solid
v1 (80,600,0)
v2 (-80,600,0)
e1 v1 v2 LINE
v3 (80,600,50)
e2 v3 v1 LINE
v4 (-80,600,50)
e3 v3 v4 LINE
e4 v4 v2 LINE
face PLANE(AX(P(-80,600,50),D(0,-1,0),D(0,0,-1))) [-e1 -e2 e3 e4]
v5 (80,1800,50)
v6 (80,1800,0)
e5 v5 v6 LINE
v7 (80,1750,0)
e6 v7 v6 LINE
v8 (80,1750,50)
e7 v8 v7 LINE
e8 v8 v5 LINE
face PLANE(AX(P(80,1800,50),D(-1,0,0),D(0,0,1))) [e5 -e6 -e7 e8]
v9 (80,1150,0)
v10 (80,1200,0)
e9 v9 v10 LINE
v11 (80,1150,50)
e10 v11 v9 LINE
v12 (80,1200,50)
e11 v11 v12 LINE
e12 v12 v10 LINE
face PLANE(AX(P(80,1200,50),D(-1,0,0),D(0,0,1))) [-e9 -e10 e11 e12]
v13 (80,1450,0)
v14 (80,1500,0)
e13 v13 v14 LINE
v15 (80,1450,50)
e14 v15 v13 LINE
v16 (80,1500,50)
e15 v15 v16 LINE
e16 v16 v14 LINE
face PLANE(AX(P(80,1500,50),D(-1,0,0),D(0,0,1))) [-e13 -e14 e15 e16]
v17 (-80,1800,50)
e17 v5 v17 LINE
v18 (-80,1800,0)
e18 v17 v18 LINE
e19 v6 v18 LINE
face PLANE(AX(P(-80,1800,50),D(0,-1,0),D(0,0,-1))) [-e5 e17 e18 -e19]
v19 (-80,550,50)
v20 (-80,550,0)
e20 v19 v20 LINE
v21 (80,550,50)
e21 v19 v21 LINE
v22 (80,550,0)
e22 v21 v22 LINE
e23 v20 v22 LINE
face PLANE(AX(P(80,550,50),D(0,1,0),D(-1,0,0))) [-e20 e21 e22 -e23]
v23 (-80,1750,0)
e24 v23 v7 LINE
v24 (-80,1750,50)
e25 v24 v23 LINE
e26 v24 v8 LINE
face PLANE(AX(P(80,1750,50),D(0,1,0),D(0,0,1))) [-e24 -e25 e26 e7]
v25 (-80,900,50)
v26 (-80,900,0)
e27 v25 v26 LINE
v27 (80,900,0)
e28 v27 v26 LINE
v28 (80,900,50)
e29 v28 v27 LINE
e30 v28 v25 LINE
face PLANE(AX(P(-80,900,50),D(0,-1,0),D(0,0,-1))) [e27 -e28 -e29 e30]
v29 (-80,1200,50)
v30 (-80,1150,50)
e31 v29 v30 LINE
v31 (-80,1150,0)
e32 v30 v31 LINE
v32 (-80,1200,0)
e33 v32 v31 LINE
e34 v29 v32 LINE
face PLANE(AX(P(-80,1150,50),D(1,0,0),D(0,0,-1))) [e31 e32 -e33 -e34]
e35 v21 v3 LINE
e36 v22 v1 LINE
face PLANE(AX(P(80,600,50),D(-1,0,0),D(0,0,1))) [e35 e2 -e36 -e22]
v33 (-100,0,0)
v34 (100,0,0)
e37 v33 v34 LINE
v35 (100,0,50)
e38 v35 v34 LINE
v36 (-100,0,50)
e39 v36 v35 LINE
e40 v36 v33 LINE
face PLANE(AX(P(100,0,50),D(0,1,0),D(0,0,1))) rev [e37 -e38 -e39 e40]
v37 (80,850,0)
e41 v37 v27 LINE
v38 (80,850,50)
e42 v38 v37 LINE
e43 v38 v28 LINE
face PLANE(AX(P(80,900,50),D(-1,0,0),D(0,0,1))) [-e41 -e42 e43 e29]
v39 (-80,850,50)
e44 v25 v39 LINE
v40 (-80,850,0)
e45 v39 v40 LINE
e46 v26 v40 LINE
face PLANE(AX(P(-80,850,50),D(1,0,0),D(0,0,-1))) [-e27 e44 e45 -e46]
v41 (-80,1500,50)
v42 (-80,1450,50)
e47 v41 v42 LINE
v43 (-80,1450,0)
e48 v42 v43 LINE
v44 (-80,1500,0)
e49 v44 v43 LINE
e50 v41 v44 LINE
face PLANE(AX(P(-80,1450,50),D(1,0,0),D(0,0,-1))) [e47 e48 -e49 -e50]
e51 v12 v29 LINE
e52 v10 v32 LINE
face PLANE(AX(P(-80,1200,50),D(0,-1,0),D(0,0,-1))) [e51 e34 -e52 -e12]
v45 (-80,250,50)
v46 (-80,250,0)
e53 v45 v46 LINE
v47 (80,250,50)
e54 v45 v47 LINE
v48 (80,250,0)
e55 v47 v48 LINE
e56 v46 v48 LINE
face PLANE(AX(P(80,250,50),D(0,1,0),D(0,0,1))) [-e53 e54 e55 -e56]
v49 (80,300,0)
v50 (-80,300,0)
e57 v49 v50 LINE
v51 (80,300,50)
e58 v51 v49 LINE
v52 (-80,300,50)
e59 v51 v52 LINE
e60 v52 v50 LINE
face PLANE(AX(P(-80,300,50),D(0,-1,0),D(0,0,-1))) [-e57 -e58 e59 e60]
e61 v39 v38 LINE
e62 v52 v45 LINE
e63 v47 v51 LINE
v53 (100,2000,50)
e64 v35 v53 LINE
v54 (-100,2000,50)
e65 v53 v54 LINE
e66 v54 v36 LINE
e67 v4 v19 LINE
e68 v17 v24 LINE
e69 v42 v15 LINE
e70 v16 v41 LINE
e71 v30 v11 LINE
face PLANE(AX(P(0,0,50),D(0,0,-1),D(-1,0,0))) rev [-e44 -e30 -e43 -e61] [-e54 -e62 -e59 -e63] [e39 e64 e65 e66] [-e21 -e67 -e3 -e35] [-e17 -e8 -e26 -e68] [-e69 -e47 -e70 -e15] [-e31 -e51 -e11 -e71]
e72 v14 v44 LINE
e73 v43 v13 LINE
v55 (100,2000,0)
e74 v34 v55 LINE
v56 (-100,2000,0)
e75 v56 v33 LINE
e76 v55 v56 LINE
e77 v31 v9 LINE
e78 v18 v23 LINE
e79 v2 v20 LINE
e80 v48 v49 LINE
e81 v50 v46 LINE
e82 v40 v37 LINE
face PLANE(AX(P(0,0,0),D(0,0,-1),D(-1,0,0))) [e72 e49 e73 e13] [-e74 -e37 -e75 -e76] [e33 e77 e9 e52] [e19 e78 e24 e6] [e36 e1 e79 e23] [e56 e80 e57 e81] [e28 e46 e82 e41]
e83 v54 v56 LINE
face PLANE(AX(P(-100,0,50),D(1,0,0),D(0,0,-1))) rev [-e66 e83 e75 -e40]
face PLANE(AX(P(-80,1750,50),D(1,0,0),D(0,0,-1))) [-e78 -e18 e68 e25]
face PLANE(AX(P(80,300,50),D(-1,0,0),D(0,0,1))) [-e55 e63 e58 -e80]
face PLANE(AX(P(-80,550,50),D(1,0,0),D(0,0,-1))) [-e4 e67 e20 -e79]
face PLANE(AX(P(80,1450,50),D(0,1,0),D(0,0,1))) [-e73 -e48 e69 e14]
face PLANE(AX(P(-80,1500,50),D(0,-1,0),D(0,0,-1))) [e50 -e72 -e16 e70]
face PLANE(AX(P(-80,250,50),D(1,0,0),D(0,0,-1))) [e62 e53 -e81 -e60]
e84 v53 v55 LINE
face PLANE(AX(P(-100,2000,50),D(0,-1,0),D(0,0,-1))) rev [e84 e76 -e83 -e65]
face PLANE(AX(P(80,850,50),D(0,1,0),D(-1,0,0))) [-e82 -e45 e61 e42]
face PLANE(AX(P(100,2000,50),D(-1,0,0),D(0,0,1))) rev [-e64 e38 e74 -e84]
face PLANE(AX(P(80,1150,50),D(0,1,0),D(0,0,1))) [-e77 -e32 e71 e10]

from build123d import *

# Parameters (mm, degrees)
SKETCH_1_W      = 200
SKETCH_1_H      = 2000
SKETCH_1_W_2    = 160
SKETCH_1_H_2    = 50
EXTRUDE_1_DEPTH = 50


with BuildPart() as part:
    # 草图1 → 凸台-拉伸1 (new body)
    with BuildSketch(Plane.XY):
        with Locations((0, 1000)):
            Rectangle(SKETCH_1_W, SKETCH_1_H)
        with Locations((0, 275)):
            Rectangle(SKETCH_1_W_2, SKETCH_1_H_2, mode=Mode.SUBTRACT)
        with Locations((0, 575)):
            Rectangle(SKETCH_1_W_2, SKETCH_1_H_2, mode=Mode.SUBTRACT)
        with Locations((0, 875)):
            Rectangle(SKETCH_1_W_2, SKETCH_1_H_2, mode=Mode.SUBTRACT)
        with Locations((0, 1175)):
            Rectangle(SKETCH_1_W_2, SKETCH_1_H_2, mode=Mode.SUBTRACT)
        with Locations((0, 1475)):
            Rectangle(SKETCH_1_W_2, SKETCH_1_H_2, mode=Mode.SUBTRACT)
        with Locations((0, 1775)):
            Rectangle(SKETCH_1_W_2, SKETCH_1_H_2, mode=Mode.SUBTRACT)
    extrude(amount=EXTRUDE_1_DEPTH)


solid = part.part
